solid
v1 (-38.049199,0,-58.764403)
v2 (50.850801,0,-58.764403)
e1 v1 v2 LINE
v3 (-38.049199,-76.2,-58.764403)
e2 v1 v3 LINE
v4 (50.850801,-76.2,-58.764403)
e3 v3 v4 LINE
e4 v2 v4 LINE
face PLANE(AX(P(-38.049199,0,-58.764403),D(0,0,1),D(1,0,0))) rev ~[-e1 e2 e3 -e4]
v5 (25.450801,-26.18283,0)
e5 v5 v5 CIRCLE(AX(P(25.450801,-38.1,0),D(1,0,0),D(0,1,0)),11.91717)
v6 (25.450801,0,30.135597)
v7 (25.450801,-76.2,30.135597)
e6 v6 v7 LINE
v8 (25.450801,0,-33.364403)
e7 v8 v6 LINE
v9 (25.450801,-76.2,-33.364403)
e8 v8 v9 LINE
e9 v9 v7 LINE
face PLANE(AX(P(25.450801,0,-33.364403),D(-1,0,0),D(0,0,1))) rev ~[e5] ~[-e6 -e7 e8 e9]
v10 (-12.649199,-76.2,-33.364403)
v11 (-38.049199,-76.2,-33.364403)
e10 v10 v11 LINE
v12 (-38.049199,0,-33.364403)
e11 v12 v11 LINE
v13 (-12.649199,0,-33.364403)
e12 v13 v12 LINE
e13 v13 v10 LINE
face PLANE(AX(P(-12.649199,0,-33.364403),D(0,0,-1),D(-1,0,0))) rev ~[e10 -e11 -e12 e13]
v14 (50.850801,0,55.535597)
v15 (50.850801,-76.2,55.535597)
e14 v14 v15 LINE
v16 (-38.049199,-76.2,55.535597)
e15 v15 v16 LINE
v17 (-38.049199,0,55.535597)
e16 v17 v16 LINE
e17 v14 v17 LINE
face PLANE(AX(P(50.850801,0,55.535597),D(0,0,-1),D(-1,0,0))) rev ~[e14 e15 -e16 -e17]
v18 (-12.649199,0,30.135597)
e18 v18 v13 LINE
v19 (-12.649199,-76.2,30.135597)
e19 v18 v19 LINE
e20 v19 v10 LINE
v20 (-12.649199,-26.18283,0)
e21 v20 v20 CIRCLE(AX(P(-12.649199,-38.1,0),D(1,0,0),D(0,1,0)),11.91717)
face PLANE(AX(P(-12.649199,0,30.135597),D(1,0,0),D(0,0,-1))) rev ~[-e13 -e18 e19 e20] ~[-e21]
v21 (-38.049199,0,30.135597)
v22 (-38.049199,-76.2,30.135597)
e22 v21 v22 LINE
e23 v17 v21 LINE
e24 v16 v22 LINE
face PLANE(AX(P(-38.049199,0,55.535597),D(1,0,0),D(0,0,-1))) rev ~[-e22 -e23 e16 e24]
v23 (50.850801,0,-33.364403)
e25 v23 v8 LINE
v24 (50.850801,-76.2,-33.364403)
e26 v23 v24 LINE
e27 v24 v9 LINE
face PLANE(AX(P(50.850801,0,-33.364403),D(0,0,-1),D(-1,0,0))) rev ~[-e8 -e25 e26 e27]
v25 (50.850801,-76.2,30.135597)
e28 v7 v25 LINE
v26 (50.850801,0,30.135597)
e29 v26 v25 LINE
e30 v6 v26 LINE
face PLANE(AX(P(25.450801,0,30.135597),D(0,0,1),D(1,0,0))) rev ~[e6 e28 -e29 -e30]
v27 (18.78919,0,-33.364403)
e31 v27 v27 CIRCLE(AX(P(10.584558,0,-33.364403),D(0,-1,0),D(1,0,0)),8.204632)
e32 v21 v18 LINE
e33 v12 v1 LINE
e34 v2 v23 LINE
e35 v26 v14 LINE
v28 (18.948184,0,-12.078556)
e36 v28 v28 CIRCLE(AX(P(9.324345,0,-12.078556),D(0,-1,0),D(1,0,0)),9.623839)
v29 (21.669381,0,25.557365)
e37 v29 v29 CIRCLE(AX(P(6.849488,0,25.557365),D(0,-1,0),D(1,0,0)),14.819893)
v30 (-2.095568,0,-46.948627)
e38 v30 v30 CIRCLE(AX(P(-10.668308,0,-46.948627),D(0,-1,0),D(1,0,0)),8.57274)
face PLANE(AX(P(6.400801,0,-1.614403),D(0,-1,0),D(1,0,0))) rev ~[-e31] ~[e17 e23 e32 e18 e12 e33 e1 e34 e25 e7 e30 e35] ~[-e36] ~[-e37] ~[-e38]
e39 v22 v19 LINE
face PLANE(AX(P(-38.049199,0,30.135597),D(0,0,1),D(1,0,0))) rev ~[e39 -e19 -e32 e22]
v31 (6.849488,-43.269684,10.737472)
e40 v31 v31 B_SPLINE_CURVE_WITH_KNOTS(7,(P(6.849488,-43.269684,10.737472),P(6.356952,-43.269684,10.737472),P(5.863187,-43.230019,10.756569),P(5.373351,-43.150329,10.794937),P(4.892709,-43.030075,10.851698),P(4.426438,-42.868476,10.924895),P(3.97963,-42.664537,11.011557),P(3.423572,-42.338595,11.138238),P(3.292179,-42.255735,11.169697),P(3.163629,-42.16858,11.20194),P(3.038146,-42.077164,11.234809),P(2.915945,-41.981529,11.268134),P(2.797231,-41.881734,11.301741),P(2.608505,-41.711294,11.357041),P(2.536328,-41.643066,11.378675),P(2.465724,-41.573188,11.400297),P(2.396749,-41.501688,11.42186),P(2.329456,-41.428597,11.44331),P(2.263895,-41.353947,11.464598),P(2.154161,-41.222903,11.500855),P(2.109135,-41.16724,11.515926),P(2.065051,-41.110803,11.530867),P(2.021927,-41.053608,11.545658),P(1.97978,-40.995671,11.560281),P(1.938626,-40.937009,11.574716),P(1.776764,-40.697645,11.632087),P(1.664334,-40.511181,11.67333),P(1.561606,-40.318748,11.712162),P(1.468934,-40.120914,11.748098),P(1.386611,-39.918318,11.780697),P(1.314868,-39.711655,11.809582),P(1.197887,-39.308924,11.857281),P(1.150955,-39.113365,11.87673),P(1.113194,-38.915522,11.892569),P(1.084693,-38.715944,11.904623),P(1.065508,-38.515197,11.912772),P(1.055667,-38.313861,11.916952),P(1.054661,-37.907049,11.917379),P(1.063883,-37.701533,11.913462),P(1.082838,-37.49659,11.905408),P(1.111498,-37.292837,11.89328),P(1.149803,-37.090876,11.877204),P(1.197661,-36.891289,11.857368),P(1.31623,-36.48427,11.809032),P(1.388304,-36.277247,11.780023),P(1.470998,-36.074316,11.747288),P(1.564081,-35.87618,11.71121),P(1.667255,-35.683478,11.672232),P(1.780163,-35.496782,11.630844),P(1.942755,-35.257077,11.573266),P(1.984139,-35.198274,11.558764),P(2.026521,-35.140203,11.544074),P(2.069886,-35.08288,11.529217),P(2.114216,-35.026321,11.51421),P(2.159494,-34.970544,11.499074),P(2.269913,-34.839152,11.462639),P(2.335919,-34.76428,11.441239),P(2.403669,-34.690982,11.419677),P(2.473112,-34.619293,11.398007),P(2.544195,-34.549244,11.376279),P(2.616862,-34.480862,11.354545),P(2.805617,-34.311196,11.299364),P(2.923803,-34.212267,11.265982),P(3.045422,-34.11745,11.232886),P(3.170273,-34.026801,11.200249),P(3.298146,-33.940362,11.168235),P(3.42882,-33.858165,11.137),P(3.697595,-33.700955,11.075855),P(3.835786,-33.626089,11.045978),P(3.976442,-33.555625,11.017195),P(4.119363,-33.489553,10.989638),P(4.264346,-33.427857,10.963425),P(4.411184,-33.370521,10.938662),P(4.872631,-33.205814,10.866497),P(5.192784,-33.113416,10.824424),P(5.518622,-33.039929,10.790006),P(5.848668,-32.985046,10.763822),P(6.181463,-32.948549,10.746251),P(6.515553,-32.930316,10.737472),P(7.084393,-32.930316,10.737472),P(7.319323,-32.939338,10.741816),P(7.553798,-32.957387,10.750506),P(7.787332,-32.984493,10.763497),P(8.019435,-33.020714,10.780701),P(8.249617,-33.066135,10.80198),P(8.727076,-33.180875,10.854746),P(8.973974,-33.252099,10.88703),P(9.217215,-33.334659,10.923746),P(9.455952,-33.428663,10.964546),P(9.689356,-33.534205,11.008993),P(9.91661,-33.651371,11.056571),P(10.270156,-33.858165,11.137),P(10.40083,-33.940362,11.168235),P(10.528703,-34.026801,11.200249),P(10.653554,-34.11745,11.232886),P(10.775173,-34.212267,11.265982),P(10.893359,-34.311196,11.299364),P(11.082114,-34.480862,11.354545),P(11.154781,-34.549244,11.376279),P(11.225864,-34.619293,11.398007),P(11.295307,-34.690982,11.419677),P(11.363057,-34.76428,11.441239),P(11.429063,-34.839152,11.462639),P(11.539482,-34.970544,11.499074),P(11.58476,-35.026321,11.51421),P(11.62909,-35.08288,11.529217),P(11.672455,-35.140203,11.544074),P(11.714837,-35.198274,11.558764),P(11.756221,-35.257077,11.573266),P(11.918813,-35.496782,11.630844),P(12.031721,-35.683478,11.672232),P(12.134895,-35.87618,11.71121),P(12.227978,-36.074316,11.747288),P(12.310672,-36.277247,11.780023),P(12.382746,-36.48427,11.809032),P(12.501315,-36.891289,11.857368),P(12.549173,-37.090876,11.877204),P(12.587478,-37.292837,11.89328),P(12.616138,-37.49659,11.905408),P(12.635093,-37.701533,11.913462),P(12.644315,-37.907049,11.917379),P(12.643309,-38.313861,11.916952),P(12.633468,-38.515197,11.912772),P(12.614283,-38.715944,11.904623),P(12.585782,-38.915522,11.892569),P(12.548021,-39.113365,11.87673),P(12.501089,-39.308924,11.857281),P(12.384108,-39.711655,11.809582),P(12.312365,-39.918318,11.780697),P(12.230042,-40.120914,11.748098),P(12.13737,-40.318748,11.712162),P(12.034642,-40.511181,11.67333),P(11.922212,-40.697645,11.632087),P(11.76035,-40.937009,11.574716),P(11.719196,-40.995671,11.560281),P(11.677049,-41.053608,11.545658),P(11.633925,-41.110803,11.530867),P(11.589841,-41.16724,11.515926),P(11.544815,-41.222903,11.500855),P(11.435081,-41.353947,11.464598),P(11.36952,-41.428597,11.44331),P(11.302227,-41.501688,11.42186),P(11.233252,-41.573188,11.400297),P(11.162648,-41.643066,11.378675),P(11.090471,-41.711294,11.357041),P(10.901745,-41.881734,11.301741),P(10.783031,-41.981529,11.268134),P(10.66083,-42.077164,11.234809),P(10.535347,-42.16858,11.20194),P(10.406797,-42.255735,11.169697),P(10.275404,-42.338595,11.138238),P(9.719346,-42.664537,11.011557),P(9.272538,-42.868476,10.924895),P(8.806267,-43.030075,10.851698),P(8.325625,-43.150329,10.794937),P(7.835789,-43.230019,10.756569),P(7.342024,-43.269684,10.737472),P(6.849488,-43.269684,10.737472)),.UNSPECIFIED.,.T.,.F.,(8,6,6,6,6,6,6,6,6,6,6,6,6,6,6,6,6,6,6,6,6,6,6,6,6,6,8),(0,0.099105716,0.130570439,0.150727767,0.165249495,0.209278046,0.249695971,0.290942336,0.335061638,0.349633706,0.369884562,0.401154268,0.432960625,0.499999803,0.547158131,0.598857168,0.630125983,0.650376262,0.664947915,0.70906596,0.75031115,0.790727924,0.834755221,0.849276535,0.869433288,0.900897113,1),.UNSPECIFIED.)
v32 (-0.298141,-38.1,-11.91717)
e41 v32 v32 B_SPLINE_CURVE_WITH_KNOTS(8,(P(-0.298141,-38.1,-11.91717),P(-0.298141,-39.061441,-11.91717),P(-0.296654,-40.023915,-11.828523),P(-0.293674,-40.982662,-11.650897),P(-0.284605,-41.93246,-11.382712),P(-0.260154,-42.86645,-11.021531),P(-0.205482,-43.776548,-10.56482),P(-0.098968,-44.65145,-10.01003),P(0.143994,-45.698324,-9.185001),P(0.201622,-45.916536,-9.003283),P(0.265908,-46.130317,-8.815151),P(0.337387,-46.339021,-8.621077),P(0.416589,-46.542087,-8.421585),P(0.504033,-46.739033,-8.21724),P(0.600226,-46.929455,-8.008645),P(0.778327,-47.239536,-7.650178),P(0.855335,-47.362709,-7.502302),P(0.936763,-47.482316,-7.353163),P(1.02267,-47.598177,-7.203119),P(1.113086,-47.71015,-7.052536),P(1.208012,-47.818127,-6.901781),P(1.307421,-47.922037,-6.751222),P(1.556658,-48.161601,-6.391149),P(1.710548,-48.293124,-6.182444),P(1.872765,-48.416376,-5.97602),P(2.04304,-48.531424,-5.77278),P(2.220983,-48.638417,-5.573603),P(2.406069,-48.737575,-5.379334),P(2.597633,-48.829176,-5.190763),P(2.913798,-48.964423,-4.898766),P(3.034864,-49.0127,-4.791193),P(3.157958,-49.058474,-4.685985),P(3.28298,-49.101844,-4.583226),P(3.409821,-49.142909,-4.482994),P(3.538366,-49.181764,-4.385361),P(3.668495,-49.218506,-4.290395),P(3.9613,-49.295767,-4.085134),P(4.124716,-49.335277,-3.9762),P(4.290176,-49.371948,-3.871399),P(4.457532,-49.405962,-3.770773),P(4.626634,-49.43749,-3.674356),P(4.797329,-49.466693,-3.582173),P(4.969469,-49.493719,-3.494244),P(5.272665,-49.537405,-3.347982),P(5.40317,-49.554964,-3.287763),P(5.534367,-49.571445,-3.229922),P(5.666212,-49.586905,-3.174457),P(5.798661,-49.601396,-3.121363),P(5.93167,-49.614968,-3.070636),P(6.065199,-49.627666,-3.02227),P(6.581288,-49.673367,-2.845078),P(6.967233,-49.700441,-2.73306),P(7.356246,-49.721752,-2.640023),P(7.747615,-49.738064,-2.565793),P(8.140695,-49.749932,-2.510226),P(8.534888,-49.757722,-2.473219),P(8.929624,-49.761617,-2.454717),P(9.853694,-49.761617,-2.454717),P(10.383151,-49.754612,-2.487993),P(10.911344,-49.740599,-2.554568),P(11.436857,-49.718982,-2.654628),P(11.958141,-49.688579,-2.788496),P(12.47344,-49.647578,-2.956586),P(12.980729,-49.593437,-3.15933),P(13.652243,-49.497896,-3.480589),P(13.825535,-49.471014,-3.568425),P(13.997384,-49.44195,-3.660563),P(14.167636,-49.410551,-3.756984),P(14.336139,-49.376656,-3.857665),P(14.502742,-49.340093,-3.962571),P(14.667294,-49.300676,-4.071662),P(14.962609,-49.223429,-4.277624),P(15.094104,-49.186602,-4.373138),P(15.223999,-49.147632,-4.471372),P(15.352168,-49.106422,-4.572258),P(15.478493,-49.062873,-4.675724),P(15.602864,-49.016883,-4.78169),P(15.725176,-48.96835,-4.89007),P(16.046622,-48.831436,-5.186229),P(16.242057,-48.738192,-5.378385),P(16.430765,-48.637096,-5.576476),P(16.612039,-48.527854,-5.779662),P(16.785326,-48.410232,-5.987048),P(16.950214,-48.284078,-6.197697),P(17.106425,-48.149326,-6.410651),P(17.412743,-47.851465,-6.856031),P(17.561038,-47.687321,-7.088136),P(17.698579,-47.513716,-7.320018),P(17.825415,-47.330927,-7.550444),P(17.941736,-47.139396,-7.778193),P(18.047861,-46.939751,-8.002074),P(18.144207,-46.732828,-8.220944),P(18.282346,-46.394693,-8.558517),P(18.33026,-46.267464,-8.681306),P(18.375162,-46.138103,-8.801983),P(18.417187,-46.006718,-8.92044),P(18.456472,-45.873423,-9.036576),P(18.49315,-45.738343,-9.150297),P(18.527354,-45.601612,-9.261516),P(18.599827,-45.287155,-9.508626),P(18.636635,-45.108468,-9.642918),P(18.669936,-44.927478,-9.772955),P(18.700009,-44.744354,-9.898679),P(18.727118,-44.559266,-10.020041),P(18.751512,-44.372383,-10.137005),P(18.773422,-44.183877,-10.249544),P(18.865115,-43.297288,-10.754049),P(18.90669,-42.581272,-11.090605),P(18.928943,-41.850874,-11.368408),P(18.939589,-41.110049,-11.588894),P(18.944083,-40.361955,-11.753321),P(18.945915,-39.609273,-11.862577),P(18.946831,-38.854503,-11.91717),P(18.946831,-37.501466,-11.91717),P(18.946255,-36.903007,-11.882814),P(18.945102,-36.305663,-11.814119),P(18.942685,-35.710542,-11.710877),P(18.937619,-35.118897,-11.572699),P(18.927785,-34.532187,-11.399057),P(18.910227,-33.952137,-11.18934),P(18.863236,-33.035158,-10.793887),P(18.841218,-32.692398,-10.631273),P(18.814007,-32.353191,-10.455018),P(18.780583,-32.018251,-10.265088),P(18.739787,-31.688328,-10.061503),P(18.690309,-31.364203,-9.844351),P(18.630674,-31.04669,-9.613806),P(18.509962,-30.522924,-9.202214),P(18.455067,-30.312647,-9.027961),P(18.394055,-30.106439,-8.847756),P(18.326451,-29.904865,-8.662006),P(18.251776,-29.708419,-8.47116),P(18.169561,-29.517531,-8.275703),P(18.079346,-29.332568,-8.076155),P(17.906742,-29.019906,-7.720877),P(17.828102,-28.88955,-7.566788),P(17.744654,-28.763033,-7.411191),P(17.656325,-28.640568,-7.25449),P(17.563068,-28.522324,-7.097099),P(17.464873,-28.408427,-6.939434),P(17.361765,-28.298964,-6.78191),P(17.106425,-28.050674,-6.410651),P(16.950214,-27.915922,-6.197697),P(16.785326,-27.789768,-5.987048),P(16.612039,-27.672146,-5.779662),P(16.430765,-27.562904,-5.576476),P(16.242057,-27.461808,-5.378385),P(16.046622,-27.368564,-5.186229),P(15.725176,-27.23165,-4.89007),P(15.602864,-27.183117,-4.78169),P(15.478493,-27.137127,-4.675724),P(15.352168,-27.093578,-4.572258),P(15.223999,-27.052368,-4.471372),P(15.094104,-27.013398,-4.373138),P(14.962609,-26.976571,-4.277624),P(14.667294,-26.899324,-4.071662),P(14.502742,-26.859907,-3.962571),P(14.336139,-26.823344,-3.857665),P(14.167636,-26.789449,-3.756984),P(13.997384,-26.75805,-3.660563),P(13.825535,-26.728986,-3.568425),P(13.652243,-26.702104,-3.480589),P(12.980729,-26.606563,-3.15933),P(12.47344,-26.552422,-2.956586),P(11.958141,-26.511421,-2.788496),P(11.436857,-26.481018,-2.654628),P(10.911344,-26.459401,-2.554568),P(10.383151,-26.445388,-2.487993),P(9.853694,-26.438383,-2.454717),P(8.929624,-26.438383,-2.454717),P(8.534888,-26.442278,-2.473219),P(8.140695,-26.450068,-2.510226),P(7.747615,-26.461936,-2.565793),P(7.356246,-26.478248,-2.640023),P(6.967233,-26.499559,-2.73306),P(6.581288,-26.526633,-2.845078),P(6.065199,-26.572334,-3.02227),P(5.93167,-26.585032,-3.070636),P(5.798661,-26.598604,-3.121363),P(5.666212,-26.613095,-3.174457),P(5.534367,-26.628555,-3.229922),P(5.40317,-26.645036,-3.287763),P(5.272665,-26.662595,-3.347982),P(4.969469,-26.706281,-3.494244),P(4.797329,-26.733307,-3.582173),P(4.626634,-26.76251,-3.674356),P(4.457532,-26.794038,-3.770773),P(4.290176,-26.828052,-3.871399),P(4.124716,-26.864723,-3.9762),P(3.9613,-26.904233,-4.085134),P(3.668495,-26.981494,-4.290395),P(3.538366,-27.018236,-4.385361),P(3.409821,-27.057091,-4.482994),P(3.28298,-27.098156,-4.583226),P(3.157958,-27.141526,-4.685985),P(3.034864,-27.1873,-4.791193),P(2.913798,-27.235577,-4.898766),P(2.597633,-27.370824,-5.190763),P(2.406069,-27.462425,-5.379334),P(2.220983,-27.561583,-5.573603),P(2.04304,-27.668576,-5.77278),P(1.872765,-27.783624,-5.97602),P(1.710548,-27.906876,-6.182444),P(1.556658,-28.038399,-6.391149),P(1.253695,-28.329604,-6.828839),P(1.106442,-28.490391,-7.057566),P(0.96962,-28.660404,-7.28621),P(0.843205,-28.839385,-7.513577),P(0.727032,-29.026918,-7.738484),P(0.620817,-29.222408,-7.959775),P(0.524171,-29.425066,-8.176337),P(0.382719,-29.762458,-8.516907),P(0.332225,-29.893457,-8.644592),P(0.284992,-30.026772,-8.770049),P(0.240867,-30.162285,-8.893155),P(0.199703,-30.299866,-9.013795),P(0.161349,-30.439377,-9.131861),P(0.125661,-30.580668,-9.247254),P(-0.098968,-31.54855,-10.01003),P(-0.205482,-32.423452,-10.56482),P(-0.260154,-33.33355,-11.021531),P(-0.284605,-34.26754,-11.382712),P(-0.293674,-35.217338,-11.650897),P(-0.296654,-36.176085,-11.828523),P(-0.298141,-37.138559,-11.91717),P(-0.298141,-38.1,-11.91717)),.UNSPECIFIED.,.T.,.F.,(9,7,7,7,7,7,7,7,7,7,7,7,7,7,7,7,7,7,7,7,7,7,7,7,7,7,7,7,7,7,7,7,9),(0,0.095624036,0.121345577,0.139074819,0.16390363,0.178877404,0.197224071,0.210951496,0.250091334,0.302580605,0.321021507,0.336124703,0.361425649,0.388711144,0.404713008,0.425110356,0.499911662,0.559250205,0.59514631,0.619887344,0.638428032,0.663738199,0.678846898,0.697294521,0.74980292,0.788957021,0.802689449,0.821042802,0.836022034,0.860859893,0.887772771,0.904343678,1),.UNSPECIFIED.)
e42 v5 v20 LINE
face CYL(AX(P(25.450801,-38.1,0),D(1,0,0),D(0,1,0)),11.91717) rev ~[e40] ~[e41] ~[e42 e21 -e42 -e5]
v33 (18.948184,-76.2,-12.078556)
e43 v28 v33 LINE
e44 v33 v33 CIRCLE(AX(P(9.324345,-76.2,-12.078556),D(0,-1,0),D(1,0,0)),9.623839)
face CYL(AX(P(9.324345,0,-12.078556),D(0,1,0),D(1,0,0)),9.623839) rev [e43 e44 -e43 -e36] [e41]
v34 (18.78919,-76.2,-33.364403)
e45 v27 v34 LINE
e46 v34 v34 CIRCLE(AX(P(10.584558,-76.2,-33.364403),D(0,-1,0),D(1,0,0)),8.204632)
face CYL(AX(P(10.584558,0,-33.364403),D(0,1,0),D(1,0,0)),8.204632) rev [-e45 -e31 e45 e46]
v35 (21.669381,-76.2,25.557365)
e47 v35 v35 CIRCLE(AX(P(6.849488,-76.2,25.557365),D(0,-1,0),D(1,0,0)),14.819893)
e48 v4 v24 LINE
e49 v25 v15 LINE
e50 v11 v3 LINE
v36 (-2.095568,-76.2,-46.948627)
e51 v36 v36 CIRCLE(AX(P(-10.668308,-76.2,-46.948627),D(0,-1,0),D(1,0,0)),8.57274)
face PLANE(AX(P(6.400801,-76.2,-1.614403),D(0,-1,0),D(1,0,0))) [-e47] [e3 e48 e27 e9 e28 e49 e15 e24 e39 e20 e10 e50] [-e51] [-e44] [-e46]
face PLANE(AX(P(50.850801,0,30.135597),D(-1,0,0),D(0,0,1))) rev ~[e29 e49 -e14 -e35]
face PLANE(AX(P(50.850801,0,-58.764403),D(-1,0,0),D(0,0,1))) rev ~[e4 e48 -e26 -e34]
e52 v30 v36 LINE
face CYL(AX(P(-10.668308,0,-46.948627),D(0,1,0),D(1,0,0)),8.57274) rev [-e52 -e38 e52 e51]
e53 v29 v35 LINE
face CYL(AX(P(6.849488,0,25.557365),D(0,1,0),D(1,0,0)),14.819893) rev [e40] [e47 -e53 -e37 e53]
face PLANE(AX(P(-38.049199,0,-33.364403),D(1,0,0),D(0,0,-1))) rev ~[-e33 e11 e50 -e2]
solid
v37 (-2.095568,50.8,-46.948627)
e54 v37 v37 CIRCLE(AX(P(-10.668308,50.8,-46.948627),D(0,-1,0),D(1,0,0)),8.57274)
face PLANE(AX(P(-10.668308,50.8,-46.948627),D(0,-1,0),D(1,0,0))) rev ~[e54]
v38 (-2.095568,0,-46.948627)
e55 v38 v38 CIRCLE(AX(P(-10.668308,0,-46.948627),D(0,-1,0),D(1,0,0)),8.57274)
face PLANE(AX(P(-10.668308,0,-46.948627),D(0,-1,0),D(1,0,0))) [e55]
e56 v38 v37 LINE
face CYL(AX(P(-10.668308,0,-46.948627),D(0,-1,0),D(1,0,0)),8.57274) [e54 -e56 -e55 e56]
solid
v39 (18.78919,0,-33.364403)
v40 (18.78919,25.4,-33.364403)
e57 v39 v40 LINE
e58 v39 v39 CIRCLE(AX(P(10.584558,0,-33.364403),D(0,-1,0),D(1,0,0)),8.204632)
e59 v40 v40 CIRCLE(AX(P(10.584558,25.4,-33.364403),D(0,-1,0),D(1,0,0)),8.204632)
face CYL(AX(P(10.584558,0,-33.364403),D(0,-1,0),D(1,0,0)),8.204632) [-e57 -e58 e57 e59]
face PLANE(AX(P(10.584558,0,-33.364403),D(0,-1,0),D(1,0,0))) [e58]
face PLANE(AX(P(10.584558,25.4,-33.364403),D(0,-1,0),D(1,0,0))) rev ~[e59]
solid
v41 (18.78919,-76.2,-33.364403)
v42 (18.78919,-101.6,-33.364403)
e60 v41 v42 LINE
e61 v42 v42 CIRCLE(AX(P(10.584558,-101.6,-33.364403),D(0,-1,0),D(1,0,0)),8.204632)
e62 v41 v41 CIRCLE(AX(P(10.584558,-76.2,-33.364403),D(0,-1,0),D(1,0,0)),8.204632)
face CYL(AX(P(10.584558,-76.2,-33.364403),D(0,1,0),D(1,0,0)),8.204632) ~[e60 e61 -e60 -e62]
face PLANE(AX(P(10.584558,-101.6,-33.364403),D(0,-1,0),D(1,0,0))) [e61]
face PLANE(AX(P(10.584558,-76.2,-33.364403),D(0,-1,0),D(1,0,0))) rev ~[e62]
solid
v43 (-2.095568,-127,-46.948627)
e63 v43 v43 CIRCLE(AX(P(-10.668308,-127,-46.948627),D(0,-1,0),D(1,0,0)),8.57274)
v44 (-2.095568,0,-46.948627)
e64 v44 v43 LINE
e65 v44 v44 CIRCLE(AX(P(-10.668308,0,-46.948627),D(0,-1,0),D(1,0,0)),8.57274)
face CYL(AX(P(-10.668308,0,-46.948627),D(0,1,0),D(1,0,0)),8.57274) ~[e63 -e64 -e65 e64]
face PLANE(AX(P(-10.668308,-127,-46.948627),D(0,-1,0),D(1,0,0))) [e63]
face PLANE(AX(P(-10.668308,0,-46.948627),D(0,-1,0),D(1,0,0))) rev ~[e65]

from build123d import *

# Parameters (mm, degrees)
F0_R     = 8.57274
F0_R_2   = 8.204632
F0_R_3   = 9.623839
F0_R_4   = 14.819893
F1_DEPTH = 76.2
F3_R     = 11.91717
F4_DEPTH = 63.501
F5_DEPTH = 25.4
F6_DEPTH = 50.8
F2_R     = 8.204632
F7_DEPTH = 25.4
F8_DEPTH = 127


with BuildPart() as f1:
    # F0 (on Front) → F1 (new body)
    with BuildSketch(Plane.XZ):
        Polygon((-38.049199, -33.364403), (-38.049199, -58.764403), (50.850801, -58.764403), (50.850801, -33.364403), (25.450801, -33.364403), (25.450801, 30.135597), (50.850801, 30.135597), (50.850801, 54.746323), (50.850801, 55.535597), (-38.049199, 55.535597), (-38.049199, 30.135597), (-12.649199, 30.135597), (-12.649199, -33.364403), align=None)
        with Locations((-10.668308, -46.948627)):
            Circle(F0_R, mode=Mode.SUBTRACT)
        with Locations((10.584558, -33.364403)):
            Circle(F0_R_2, mode=Mode.SUBTRACT)
        with Locations((9.324345, -12.078556)):
            Circle(F0_R_3, mode=Mode.SUBTRACT)
        with Locations((6.849488, 25.557365)):
            Circle(F0_R_4, mode=Mode.SUBTRACT)
    extrude(amount=F1_DEPTH)

    # F3 (on face) → F4 (cut, through all)
    with BuildSketch(Plane.YZ.offset(25.450801)):
        with Locations((-38.1, 0)):
            Circle(F3_R)
    extrude(amount=-F4_DEPTH, mode=Mode.SUBTRACT)

    # F0 (on Front) → F5 (join)
    with BuildSketch(Plane.XZ):
        with Locations((10.584558, -33.364403)):
            Circle(F0_R_2)
    extrude(amount=-F5_DEPTH)

    # F0 (on Front) → F6 (join)
    with BuildSketch(Plane.XZ):
        with Locations((-10.668308, -46.948627)):
            Circle(F0_R)
    extrude(amount=-F6_DEPTH)


with BuildPart() as f7:
    # F2 (on face) → F7 (new body)
    with BuildSketch(Plane.XZ.offset(76.2)):
        with Locations((10.584558, -33.364403)):
            Circle(F2_R)
    extrude(amount=F7_DEPTH)


with BuildPart() as f8:
    # F0 (on Front) → F8 (new body)
    with BuildSketch(Plane.XZ):
        with Locations((-10.668308, -46.948627)):
            Circle(F0_R)
    extrude(amount=F8_DEPTH)


solid = Compound([f1.part, f7.part, f8.part])
